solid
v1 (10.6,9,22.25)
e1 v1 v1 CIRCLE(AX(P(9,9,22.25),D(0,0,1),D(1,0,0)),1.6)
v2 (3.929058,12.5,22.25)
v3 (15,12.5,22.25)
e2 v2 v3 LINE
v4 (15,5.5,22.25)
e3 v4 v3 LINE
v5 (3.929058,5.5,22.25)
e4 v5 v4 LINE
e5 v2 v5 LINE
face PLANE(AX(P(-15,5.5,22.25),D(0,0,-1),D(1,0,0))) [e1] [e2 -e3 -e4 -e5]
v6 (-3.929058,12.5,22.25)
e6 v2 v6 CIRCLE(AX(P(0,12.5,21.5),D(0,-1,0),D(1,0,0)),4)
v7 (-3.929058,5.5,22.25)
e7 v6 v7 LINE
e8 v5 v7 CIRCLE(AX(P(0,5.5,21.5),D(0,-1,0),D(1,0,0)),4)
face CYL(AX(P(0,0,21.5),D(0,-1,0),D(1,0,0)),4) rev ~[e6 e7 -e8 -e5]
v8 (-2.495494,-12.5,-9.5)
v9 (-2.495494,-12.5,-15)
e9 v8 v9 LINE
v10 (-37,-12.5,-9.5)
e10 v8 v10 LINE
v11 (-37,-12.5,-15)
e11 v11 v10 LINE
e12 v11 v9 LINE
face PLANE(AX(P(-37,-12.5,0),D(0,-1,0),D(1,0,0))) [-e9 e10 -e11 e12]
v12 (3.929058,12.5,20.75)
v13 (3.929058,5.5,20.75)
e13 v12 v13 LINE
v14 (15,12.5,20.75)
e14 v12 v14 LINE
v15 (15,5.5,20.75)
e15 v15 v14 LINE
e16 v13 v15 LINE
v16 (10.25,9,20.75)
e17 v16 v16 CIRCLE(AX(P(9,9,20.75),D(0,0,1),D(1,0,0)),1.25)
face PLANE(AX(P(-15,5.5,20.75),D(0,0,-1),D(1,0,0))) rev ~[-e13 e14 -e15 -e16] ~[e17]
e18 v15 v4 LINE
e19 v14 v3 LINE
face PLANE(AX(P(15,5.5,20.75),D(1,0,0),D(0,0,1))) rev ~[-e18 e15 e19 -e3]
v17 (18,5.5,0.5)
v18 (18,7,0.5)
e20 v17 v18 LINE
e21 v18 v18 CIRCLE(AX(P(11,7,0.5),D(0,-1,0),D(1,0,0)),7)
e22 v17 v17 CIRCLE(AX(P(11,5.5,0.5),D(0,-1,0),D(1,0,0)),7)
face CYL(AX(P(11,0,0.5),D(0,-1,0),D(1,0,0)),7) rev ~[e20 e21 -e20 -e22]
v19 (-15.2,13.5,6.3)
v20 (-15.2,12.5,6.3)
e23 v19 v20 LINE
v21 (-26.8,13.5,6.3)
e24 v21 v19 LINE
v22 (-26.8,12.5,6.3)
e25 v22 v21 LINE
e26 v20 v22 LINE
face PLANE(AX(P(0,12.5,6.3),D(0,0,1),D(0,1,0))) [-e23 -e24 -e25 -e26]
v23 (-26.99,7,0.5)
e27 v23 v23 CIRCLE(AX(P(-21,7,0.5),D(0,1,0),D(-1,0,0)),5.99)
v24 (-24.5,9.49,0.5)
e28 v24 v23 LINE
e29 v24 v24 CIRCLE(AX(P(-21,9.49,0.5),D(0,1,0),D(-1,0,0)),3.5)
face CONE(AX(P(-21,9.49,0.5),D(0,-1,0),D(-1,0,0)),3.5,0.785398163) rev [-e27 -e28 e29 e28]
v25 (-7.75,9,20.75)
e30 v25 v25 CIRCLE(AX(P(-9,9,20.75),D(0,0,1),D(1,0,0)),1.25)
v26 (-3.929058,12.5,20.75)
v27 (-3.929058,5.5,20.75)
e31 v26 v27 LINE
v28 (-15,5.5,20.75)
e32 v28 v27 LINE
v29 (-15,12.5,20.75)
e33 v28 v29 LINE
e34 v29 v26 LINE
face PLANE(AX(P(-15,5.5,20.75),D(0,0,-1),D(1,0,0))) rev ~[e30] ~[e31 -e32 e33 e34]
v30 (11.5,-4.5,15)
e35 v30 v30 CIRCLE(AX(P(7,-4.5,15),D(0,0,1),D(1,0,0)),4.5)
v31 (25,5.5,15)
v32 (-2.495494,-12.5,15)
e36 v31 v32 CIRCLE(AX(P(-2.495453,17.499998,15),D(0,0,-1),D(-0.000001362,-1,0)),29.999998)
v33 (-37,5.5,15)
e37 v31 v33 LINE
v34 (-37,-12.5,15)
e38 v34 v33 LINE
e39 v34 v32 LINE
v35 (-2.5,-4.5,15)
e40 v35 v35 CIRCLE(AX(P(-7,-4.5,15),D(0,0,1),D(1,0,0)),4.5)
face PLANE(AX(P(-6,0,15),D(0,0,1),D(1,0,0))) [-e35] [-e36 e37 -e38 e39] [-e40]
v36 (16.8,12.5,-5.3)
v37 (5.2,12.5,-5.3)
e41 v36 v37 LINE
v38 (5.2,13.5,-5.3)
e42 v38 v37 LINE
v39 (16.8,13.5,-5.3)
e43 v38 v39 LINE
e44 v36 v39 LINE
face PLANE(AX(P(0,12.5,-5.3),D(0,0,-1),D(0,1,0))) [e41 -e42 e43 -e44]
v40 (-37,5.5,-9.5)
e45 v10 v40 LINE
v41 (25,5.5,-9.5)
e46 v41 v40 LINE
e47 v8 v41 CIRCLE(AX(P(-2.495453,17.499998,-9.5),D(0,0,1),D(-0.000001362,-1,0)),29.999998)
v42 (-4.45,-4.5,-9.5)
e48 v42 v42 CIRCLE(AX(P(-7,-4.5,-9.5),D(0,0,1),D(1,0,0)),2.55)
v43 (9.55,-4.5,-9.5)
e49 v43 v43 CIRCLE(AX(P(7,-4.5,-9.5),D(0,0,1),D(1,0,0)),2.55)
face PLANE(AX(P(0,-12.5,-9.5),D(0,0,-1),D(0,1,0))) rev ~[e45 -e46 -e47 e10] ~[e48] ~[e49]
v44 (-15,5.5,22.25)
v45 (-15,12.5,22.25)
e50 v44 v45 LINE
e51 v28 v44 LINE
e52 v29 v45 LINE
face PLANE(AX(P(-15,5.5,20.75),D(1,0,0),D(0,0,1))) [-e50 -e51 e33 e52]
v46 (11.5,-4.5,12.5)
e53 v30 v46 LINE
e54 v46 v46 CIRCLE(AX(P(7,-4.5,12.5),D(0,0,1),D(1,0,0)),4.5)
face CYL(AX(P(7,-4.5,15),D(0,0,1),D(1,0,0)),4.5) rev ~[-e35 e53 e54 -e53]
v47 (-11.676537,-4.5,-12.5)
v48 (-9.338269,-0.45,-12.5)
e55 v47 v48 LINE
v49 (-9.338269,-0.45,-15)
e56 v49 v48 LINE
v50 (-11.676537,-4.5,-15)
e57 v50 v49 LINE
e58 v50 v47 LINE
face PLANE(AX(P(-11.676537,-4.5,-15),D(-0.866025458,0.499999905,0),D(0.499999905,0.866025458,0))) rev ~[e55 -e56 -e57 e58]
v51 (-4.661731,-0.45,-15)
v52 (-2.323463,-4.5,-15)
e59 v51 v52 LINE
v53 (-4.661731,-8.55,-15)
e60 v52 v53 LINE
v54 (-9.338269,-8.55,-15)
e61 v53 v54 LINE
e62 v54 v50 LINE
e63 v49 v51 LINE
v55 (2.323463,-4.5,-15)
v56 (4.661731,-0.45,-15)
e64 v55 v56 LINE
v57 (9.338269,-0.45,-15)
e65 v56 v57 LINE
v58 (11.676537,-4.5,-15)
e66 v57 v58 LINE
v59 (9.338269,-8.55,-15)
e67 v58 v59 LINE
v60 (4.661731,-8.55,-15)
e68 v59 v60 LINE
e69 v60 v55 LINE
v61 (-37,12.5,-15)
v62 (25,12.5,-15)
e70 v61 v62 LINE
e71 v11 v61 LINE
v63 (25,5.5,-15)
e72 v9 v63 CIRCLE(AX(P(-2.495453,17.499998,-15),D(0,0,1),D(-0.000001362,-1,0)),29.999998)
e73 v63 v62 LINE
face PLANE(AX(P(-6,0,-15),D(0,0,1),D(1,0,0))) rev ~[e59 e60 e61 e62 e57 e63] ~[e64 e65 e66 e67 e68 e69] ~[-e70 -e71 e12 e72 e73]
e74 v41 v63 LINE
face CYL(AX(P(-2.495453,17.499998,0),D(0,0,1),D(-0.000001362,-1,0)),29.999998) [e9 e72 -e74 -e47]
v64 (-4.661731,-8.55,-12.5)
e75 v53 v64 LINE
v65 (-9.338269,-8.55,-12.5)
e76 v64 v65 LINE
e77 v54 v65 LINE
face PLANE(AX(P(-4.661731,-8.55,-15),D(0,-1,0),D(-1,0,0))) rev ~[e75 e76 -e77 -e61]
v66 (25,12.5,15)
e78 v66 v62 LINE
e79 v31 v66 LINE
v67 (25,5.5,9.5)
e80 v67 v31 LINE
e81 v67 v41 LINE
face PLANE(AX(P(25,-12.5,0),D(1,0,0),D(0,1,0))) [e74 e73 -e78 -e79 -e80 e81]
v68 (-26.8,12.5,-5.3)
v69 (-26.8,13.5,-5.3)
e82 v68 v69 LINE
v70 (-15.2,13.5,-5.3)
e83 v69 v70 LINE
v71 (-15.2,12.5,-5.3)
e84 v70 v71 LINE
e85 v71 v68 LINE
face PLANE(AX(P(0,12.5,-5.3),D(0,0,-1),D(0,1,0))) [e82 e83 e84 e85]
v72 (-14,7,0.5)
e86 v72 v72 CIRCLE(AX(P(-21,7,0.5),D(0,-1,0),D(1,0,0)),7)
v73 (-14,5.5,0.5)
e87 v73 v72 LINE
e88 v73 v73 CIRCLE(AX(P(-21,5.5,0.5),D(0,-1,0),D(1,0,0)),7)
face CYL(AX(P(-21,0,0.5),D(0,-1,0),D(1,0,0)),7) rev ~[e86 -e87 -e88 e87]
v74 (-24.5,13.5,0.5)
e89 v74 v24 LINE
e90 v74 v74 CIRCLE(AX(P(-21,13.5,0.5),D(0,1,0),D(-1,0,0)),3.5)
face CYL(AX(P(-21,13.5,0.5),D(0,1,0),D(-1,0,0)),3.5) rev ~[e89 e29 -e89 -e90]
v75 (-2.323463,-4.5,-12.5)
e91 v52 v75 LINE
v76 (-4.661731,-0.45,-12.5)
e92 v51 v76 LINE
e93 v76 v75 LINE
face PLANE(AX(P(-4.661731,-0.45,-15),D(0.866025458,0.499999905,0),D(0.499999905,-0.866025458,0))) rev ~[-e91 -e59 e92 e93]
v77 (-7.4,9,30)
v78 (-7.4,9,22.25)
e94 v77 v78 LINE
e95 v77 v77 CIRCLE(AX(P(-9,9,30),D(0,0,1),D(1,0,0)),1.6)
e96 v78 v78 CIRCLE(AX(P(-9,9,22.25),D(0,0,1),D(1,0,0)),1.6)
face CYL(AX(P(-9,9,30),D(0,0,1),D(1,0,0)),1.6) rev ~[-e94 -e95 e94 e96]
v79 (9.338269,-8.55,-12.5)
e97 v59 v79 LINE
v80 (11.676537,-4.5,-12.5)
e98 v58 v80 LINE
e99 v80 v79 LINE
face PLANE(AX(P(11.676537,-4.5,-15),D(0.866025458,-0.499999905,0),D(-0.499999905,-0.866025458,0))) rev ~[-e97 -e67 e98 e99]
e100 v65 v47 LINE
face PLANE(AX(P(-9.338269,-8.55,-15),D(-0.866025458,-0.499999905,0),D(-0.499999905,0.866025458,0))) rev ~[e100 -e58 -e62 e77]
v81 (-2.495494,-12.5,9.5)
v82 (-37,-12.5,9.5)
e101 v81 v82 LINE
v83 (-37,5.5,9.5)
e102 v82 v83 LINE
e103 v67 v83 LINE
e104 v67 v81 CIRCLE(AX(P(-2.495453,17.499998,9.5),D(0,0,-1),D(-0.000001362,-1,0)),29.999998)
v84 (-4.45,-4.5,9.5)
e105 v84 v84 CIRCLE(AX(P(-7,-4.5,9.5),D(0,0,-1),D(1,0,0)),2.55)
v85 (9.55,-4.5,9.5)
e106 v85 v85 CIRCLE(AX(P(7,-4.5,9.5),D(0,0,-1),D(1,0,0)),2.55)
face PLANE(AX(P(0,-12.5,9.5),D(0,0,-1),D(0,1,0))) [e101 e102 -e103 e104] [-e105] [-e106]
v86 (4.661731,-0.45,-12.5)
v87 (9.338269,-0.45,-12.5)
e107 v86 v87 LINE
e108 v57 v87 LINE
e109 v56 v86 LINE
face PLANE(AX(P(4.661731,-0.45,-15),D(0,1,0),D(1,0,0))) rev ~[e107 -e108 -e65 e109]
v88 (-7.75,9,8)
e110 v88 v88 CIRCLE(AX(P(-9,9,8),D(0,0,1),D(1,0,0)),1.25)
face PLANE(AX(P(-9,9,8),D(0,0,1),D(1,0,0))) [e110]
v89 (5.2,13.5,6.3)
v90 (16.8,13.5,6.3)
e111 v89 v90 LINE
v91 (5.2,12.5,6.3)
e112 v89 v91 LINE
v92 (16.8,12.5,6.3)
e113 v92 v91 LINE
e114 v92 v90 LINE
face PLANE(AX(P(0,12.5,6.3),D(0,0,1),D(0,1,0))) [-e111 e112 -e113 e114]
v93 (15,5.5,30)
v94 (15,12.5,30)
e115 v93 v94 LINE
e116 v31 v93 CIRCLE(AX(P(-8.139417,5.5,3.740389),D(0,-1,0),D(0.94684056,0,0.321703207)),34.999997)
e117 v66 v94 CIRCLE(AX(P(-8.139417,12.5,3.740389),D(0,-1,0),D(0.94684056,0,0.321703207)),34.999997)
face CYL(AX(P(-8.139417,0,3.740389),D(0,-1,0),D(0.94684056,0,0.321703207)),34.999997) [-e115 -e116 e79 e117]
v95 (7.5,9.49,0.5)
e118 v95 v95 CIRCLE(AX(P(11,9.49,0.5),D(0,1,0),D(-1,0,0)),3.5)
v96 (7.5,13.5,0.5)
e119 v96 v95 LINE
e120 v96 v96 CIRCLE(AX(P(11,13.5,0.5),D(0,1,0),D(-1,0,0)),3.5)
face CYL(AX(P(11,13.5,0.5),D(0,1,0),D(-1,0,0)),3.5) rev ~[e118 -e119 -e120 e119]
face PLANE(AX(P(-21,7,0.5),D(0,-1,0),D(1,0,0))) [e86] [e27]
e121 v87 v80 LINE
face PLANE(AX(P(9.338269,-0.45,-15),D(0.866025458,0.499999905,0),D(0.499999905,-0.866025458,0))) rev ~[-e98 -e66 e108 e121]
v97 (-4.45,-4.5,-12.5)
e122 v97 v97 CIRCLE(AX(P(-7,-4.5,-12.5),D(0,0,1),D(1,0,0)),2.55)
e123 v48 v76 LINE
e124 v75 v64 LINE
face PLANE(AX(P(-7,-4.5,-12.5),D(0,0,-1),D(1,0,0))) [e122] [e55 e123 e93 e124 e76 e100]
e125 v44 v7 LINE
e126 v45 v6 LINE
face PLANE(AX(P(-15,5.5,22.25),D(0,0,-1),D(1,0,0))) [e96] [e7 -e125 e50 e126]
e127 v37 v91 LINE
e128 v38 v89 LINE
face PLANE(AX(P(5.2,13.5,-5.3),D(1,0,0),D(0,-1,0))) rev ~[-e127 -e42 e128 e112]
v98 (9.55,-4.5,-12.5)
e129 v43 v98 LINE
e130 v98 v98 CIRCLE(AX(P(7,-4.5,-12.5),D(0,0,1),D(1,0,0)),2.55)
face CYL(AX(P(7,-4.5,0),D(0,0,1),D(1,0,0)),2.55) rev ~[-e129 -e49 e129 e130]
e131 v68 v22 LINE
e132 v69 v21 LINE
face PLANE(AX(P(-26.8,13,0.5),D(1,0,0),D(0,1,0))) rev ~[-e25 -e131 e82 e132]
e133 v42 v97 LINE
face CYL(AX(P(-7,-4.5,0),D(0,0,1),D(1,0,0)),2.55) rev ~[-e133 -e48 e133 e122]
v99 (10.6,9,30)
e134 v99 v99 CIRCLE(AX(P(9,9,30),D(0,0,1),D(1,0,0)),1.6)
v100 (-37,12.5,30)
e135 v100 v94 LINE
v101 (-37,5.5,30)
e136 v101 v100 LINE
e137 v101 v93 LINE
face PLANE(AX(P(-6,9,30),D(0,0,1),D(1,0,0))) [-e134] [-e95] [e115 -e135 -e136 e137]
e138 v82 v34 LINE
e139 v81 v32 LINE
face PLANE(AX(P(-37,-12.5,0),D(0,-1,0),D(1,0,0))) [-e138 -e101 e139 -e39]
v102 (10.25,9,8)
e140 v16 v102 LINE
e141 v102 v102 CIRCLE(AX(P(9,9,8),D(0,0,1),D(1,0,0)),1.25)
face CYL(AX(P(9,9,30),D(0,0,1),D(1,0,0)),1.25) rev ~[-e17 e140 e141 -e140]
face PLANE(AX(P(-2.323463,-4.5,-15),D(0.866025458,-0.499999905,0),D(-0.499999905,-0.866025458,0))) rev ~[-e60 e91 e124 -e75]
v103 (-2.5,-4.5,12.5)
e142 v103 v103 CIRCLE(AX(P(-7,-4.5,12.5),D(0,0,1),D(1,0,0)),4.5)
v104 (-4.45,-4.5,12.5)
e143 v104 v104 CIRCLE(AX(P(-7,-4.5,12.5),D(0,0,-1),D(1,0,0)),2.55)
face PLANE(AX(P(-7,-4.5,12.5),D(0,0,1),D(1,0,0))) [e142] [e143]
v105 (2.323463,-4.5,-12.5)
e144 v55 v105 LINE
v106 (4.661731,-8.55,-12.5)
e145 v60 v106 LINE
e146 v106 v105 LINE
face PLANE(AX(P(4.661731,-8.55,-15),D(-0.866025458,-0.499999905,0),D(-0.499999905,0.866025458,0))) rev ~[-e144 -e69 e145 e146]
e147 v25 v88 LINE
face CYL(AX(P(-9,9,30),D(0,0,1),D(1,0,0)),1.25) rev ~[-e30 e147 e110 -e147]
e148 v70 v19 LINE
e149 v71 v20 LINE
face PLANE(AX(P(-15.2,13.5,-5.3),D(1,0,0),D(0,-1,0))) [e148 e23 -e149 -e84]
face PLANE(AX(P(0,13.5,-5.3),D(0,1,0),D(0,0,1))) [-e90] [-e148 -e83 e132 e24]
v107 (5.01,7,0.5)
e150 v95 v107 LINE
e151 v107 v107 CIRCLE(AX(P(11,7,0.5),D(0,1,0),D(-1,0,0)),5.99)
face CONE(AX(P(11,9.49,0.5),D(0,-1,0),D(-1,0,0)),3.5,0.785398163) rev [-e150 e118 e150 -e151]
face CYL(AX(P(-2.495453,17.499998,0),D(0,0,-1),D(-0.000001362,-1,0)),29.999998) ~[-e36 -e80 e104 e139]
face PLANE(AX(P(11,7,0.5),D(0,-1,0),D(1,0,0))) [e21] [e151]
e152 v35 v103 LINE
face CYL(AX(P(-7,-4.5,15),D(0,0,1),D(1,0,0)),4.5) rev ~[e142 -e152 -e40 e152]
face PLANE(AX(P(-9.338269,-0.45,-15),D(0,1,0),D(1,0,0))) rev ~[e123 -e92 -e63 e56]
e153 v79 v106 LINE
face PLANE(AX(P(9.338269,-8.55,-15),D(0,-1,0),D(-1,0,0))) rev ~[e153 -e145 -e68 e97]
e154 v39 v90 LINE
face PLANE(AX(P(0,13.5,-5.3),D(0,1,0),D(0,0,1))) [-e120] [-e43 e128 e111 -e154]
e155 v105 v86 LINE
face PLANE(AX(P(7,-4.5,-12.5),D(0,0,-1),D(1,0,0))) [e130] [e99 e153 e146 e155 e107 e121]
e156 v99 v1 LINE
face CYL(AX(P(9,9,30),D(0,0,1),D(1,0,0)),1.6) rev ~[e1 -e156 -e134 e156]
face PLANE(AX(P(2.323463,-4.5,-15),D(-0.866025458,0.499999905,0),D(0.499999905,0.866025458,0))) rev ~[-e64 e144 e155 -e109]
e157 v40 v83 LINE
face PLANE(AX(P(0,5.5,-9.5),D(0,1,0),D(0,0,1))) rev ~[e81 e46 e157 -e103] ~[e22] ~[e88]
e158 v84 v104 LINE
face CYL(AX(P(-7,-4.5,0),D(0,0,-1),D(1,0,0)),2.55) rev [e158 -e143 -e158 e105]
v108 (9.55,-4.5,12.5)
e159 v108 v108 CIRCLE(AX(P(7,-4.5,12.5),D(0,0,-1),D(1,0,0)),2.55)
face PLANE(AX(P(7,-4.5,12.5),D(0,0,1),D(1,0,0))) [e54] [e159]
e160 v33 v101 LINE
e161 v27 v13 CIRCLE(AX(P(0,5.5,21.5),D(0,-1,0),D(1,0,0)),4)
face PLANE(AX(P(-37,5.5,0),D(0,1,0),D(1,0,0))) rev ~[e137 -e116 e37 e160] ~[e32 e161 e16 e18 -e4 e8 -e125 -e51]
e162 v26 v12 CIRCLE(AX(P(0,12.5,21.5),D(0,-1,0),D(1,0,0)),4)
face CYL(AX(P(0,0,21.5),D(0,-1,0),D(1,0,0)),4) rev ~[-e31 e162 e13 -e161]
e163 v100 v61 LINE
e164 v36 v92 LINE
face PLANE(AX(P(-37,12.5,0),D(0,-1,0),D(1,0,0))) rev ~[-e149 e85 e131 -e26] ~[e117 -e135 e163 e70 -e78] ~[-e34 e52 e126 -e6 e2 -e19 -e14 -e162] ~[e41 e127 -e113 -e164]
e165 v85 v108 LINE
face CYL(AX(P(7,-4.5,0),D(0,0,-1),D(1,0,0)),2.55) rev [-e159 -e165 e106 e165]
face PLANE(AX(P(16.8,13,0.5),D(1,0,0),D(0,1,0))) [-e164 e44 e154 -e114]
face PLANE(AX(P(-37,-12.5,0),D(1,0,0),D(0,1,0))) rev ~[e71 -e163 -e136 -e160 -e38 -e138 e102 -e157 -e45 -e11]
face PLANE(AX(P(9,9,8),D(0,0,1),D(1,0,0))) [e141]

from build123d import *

# Parameters (mm, degrees)
SKETCH_W             = 62
SKETCH_H             = 25
PAD_DEPTH            = 15
SKETCH001_W          = 18
SKETCH001_H          = 19
POCKET_DEPTH         = 37.001
POCKET_DEPTH_BACK    = -25.001
SKETCH002_R          = 2.55
POCKET001_DEPTH      = 15.001
POCKET001_DEPTH_BACK = -15.001
SKETCH003_W          = 62
SKETCH003_H          = 7
PAD001_DEPTH         = 30
SKETCH004_R          = 4
POCKET002_DEPTH      = 12.501
SKETCH005_W          = 1
SKETCH005_H          = 11.6
PAD002_DEPTH         = 16.8
PAD002_DEPTH_BACK    = 26.8
SKETCH012_W          = 20.4
SKETCH012_H          = 1
POCKET003_DEPTH      = 11.6
SKETCH013_R          = 3.5
POCKET004_DEPTH      = 26.001
POCKET005_DEPTH      = 15.001
POCKET005_DEPTH_BACK = -30.001
POCKET006_DEPTH      = 13.501
SKETCH016_R          = 7
POCKET007_DEPTH      = 7
CHAMFER_SIZE         = 2.49
POCKET008_DEPTH      = 2.5
SKETCH019_R          = 4.5
POCKET009_DEPTH      = 2.5
SKETCH020_W          = 30
SKETCH020_H          = 1.5
POCKET010_DEPTH      = 8.001
SKETCH021_R          = 1.25
POCKET011_DEPTH      = 22
SKETCH022_R          = 1.6
POCKET012_DEPTH      = 8


with BuildPart() as part:
    # Sketch → Pad (new body, symmetric)
    with BuildSketch(Plane.XY):
        with Locations((-6, 0)):
            Rectangle(SKETCH_W, SKETCH_H)
    extrude(amount=PAD_DEPTH, both=True)

    # Sketch001 → Pocket (cut, two sides)
    with BuildSketch(Plane.YZ) as pocket_sk:
        with Locations((-3.5, 0)):
            Rectangle(SKETCH001_W, SKETCH001_H)
    extrude(amount=-POCKET_DEPTH, mode=Mode.SUBTRACT)
    extrude(pocket_sk.sketch, amount=-POCKET_DEPTH_BACK, mode=Mode.SUBTRACT)

    # Sketch002 → Pocket001 (cut, two sides)
    with BuildSketch(Plane.XY) as pocket001_sk:
        with Locations((-7, -4.5)):
            Circle(SKETCH002_R)
        with Locations((7, -4.5)):
            Circle(SKETCH002_R)
    extrude(amount=-POCKET001_DEPTH, mode=Mode.SUBTRACT)
    extrude(pocket001_sk.sketch, amount=-POCKET001_DEPTH_BACK, mode=Mode.SUBTRACT)

    # Sketch003 → Pad001 (join)
    with BuildSketch(Plane.XY):
        with Locations((-6, 9)):
            Rectangle(SKETCH003_W, SKETCH003_H)
    extrude(amount=PAD001_DEPTH)

    # Sketch004 → Pocket002 (cut, through all)
    with BuildSketch(Plane.XZ):
        with Locations((0, 21.5)):
            Circle(SKETCH004_R)
    extrude(amount=-POCKET002_DEPTH, mode=Mode.SUBTRACT)

    # Sketch005 → Pad002 (join, two sides)
    with BuildSketch(Plane.YZ) as pad002_sk:
        with Locations((13, 0.5)):
            Rectangle(SKETCH005_W, SKETCH005_H)
    extrude(amount=PAD002_DEPTH)
    extrude(pad002_sk.sketch, amount=-PAD002_DEPTH_BACK)

    # Sketch012 (on Face10 of Pad002) → Pocket003 (cut)
    with BuildSketch(Plane(origin=(0, 0, -5.3), x_dir=(1, 0, 0), z_dir=(0, 0, -1))):
        with Locations((-5, -13)):
            Rectangle(SKETCH012_W, SKETCH012_H)
    extrude(amount=-POCKET003_DEPTH, mode=Mode.SUBTRACT)

    # Sketch013 (on Face22 of Pocket003) → Pocket004 (cut, through all)
    with BuildSketch(Plane(origin=(0, 13.5, 0), x_dir=(-1, 0, 0), z_dir=(0, 1, 0))):
        with Locations((-11, 0.5)):
            Circle(SKETCH013_R)
        with Locations((21, 0.5)):
            Circle(SKETCH013_R)
    extrude(amount=-POCKET004_DEPTH, mode=Mode.SUBTRACT)

    # Sketch014 → Pocket005 (cut, two sides)
    with BuildSketch(Plane.XY) as pocket005_sk:
        with BuildLine():
            ThreePointArc((-2.495494, -12.5), (13.936206, -7.599812), (25, 5.5))
            Line((25, 5.5), (25, -12.5))
            Line((25, -12.5), (-2.495494, -12.5))
        make_face()
    extrude(amount=-POCKET005_DEPTH, mode=Mode.SUBTRACT)
    extrude(pocket005_sk.sketch, amount=-POCKET005_DEPTH_BACK, mode=Mode.SUBTRACT)

    # Sketch015 → Pocket006 (cut, through all)
    with BuildSketch(Plane.XZ):
        with BuildLine():
            ThreePointArc((25, 15), (20.982341, 23.154894), (15, 30))
            Line((25, 30), (15, 30))
            Line((25, 15), (25, 30))
        make_face()
    extrude(amount=-POCKET006_DEPTH, mode=Mode.SUBTRACT)

    # Sketch016 → Pocket007 (cut)
    with BuildSketch(Plane.XZ):
        with Locations((-21, 0.5)):
            Circle(SKETCH016_R)
        with Locations((11, 0.5)):
            Circle(SKETCH016_R)
    extrude(amount=-POCKET007_DEPTH, mode=Mode.SUBTRACT)

    # Chamfer
    chamfer_edges = [part.edges().sort_by_distance(p)[0] for p in [
        (-17.5, 7, 0.5),
        (14.5, 7, 0.5),
    ]]
    chamfer(chamfer_edges, length=CHAMFER_SIZE)

    # Sketch018 → Pocket008 (cut)
    with BuildSketch(Plane(origin=(0, 0, -15), x_dir=(1, 0, 0), z_dir=(0, 0, -1))):
        Polygon((-9.338269, 0.45), (-4.661731, 0.45), (-2.323463, 4.5), (-4.661731, 8.55), (-9.338269, 8.55), (-11.676537, 4.5), align=None)
        Polygon((9.338269, 0.45), (11.676537, 4.5), (9.338269, 8.55), (4.661731, 8.55), (2.323463, 4.5), (4.661731, 0.45), align=None)
    extrude(amount=-POCKET008_DEPTH, mode=Mode.SUBTRACT)

    # Sketch019 → Pocket009 (cut)
    with BuildSketch(Plane.XY.offset(15)):
        with Locations((-7, -4.5)):
            Circle(SKETCH019_R)
        with Locations((7, -4.5)):
            Circle(SKETCH019_R)
    extrude(amount=-POCKET009_DEPTH, mode=Mode.SUBTRACT)

    # Sketch020 (on Face40 of Pocket009) → Pocket010 (cut, through all)
    with BuildSketch(Plane.XZ.offset(-5.5)):
        with Locations((0, 21.5)):
            Rectangle(SKETCH020_W, SKETCH020_H)
    extrude(amount=-POCKET010_DEPTH, mode=Mode.SUBTRACT)

    # Sketch021 (on Face39 of Pocket010) → Pocket011 (cut)
    with BuildSketch(Plane.XY.offset(30)):
        with Locations((9, 9)):
            Circle(SKETCH021_R)
        with Locations((-9, 9)):
            Circle(SKETCH021_R)
    extrude(amount=-POCKET011_DEPTH, mode=Mode.SUBTRACT)

    # Sketch022 (on Face39 of Pocket011) → Pocket012 (cut)
    with BuildSketch(Plane.XY.offset(30)):
        with Locations((-9, 9)):
            Circle(SKETCH022_R)
        with Locations((9, 9)):
            Circle(SKETCH022_R)
    extrude(amount=-POCKET012_DEPTH, mode=Mode.SUBTRACT)


solid = part.part
